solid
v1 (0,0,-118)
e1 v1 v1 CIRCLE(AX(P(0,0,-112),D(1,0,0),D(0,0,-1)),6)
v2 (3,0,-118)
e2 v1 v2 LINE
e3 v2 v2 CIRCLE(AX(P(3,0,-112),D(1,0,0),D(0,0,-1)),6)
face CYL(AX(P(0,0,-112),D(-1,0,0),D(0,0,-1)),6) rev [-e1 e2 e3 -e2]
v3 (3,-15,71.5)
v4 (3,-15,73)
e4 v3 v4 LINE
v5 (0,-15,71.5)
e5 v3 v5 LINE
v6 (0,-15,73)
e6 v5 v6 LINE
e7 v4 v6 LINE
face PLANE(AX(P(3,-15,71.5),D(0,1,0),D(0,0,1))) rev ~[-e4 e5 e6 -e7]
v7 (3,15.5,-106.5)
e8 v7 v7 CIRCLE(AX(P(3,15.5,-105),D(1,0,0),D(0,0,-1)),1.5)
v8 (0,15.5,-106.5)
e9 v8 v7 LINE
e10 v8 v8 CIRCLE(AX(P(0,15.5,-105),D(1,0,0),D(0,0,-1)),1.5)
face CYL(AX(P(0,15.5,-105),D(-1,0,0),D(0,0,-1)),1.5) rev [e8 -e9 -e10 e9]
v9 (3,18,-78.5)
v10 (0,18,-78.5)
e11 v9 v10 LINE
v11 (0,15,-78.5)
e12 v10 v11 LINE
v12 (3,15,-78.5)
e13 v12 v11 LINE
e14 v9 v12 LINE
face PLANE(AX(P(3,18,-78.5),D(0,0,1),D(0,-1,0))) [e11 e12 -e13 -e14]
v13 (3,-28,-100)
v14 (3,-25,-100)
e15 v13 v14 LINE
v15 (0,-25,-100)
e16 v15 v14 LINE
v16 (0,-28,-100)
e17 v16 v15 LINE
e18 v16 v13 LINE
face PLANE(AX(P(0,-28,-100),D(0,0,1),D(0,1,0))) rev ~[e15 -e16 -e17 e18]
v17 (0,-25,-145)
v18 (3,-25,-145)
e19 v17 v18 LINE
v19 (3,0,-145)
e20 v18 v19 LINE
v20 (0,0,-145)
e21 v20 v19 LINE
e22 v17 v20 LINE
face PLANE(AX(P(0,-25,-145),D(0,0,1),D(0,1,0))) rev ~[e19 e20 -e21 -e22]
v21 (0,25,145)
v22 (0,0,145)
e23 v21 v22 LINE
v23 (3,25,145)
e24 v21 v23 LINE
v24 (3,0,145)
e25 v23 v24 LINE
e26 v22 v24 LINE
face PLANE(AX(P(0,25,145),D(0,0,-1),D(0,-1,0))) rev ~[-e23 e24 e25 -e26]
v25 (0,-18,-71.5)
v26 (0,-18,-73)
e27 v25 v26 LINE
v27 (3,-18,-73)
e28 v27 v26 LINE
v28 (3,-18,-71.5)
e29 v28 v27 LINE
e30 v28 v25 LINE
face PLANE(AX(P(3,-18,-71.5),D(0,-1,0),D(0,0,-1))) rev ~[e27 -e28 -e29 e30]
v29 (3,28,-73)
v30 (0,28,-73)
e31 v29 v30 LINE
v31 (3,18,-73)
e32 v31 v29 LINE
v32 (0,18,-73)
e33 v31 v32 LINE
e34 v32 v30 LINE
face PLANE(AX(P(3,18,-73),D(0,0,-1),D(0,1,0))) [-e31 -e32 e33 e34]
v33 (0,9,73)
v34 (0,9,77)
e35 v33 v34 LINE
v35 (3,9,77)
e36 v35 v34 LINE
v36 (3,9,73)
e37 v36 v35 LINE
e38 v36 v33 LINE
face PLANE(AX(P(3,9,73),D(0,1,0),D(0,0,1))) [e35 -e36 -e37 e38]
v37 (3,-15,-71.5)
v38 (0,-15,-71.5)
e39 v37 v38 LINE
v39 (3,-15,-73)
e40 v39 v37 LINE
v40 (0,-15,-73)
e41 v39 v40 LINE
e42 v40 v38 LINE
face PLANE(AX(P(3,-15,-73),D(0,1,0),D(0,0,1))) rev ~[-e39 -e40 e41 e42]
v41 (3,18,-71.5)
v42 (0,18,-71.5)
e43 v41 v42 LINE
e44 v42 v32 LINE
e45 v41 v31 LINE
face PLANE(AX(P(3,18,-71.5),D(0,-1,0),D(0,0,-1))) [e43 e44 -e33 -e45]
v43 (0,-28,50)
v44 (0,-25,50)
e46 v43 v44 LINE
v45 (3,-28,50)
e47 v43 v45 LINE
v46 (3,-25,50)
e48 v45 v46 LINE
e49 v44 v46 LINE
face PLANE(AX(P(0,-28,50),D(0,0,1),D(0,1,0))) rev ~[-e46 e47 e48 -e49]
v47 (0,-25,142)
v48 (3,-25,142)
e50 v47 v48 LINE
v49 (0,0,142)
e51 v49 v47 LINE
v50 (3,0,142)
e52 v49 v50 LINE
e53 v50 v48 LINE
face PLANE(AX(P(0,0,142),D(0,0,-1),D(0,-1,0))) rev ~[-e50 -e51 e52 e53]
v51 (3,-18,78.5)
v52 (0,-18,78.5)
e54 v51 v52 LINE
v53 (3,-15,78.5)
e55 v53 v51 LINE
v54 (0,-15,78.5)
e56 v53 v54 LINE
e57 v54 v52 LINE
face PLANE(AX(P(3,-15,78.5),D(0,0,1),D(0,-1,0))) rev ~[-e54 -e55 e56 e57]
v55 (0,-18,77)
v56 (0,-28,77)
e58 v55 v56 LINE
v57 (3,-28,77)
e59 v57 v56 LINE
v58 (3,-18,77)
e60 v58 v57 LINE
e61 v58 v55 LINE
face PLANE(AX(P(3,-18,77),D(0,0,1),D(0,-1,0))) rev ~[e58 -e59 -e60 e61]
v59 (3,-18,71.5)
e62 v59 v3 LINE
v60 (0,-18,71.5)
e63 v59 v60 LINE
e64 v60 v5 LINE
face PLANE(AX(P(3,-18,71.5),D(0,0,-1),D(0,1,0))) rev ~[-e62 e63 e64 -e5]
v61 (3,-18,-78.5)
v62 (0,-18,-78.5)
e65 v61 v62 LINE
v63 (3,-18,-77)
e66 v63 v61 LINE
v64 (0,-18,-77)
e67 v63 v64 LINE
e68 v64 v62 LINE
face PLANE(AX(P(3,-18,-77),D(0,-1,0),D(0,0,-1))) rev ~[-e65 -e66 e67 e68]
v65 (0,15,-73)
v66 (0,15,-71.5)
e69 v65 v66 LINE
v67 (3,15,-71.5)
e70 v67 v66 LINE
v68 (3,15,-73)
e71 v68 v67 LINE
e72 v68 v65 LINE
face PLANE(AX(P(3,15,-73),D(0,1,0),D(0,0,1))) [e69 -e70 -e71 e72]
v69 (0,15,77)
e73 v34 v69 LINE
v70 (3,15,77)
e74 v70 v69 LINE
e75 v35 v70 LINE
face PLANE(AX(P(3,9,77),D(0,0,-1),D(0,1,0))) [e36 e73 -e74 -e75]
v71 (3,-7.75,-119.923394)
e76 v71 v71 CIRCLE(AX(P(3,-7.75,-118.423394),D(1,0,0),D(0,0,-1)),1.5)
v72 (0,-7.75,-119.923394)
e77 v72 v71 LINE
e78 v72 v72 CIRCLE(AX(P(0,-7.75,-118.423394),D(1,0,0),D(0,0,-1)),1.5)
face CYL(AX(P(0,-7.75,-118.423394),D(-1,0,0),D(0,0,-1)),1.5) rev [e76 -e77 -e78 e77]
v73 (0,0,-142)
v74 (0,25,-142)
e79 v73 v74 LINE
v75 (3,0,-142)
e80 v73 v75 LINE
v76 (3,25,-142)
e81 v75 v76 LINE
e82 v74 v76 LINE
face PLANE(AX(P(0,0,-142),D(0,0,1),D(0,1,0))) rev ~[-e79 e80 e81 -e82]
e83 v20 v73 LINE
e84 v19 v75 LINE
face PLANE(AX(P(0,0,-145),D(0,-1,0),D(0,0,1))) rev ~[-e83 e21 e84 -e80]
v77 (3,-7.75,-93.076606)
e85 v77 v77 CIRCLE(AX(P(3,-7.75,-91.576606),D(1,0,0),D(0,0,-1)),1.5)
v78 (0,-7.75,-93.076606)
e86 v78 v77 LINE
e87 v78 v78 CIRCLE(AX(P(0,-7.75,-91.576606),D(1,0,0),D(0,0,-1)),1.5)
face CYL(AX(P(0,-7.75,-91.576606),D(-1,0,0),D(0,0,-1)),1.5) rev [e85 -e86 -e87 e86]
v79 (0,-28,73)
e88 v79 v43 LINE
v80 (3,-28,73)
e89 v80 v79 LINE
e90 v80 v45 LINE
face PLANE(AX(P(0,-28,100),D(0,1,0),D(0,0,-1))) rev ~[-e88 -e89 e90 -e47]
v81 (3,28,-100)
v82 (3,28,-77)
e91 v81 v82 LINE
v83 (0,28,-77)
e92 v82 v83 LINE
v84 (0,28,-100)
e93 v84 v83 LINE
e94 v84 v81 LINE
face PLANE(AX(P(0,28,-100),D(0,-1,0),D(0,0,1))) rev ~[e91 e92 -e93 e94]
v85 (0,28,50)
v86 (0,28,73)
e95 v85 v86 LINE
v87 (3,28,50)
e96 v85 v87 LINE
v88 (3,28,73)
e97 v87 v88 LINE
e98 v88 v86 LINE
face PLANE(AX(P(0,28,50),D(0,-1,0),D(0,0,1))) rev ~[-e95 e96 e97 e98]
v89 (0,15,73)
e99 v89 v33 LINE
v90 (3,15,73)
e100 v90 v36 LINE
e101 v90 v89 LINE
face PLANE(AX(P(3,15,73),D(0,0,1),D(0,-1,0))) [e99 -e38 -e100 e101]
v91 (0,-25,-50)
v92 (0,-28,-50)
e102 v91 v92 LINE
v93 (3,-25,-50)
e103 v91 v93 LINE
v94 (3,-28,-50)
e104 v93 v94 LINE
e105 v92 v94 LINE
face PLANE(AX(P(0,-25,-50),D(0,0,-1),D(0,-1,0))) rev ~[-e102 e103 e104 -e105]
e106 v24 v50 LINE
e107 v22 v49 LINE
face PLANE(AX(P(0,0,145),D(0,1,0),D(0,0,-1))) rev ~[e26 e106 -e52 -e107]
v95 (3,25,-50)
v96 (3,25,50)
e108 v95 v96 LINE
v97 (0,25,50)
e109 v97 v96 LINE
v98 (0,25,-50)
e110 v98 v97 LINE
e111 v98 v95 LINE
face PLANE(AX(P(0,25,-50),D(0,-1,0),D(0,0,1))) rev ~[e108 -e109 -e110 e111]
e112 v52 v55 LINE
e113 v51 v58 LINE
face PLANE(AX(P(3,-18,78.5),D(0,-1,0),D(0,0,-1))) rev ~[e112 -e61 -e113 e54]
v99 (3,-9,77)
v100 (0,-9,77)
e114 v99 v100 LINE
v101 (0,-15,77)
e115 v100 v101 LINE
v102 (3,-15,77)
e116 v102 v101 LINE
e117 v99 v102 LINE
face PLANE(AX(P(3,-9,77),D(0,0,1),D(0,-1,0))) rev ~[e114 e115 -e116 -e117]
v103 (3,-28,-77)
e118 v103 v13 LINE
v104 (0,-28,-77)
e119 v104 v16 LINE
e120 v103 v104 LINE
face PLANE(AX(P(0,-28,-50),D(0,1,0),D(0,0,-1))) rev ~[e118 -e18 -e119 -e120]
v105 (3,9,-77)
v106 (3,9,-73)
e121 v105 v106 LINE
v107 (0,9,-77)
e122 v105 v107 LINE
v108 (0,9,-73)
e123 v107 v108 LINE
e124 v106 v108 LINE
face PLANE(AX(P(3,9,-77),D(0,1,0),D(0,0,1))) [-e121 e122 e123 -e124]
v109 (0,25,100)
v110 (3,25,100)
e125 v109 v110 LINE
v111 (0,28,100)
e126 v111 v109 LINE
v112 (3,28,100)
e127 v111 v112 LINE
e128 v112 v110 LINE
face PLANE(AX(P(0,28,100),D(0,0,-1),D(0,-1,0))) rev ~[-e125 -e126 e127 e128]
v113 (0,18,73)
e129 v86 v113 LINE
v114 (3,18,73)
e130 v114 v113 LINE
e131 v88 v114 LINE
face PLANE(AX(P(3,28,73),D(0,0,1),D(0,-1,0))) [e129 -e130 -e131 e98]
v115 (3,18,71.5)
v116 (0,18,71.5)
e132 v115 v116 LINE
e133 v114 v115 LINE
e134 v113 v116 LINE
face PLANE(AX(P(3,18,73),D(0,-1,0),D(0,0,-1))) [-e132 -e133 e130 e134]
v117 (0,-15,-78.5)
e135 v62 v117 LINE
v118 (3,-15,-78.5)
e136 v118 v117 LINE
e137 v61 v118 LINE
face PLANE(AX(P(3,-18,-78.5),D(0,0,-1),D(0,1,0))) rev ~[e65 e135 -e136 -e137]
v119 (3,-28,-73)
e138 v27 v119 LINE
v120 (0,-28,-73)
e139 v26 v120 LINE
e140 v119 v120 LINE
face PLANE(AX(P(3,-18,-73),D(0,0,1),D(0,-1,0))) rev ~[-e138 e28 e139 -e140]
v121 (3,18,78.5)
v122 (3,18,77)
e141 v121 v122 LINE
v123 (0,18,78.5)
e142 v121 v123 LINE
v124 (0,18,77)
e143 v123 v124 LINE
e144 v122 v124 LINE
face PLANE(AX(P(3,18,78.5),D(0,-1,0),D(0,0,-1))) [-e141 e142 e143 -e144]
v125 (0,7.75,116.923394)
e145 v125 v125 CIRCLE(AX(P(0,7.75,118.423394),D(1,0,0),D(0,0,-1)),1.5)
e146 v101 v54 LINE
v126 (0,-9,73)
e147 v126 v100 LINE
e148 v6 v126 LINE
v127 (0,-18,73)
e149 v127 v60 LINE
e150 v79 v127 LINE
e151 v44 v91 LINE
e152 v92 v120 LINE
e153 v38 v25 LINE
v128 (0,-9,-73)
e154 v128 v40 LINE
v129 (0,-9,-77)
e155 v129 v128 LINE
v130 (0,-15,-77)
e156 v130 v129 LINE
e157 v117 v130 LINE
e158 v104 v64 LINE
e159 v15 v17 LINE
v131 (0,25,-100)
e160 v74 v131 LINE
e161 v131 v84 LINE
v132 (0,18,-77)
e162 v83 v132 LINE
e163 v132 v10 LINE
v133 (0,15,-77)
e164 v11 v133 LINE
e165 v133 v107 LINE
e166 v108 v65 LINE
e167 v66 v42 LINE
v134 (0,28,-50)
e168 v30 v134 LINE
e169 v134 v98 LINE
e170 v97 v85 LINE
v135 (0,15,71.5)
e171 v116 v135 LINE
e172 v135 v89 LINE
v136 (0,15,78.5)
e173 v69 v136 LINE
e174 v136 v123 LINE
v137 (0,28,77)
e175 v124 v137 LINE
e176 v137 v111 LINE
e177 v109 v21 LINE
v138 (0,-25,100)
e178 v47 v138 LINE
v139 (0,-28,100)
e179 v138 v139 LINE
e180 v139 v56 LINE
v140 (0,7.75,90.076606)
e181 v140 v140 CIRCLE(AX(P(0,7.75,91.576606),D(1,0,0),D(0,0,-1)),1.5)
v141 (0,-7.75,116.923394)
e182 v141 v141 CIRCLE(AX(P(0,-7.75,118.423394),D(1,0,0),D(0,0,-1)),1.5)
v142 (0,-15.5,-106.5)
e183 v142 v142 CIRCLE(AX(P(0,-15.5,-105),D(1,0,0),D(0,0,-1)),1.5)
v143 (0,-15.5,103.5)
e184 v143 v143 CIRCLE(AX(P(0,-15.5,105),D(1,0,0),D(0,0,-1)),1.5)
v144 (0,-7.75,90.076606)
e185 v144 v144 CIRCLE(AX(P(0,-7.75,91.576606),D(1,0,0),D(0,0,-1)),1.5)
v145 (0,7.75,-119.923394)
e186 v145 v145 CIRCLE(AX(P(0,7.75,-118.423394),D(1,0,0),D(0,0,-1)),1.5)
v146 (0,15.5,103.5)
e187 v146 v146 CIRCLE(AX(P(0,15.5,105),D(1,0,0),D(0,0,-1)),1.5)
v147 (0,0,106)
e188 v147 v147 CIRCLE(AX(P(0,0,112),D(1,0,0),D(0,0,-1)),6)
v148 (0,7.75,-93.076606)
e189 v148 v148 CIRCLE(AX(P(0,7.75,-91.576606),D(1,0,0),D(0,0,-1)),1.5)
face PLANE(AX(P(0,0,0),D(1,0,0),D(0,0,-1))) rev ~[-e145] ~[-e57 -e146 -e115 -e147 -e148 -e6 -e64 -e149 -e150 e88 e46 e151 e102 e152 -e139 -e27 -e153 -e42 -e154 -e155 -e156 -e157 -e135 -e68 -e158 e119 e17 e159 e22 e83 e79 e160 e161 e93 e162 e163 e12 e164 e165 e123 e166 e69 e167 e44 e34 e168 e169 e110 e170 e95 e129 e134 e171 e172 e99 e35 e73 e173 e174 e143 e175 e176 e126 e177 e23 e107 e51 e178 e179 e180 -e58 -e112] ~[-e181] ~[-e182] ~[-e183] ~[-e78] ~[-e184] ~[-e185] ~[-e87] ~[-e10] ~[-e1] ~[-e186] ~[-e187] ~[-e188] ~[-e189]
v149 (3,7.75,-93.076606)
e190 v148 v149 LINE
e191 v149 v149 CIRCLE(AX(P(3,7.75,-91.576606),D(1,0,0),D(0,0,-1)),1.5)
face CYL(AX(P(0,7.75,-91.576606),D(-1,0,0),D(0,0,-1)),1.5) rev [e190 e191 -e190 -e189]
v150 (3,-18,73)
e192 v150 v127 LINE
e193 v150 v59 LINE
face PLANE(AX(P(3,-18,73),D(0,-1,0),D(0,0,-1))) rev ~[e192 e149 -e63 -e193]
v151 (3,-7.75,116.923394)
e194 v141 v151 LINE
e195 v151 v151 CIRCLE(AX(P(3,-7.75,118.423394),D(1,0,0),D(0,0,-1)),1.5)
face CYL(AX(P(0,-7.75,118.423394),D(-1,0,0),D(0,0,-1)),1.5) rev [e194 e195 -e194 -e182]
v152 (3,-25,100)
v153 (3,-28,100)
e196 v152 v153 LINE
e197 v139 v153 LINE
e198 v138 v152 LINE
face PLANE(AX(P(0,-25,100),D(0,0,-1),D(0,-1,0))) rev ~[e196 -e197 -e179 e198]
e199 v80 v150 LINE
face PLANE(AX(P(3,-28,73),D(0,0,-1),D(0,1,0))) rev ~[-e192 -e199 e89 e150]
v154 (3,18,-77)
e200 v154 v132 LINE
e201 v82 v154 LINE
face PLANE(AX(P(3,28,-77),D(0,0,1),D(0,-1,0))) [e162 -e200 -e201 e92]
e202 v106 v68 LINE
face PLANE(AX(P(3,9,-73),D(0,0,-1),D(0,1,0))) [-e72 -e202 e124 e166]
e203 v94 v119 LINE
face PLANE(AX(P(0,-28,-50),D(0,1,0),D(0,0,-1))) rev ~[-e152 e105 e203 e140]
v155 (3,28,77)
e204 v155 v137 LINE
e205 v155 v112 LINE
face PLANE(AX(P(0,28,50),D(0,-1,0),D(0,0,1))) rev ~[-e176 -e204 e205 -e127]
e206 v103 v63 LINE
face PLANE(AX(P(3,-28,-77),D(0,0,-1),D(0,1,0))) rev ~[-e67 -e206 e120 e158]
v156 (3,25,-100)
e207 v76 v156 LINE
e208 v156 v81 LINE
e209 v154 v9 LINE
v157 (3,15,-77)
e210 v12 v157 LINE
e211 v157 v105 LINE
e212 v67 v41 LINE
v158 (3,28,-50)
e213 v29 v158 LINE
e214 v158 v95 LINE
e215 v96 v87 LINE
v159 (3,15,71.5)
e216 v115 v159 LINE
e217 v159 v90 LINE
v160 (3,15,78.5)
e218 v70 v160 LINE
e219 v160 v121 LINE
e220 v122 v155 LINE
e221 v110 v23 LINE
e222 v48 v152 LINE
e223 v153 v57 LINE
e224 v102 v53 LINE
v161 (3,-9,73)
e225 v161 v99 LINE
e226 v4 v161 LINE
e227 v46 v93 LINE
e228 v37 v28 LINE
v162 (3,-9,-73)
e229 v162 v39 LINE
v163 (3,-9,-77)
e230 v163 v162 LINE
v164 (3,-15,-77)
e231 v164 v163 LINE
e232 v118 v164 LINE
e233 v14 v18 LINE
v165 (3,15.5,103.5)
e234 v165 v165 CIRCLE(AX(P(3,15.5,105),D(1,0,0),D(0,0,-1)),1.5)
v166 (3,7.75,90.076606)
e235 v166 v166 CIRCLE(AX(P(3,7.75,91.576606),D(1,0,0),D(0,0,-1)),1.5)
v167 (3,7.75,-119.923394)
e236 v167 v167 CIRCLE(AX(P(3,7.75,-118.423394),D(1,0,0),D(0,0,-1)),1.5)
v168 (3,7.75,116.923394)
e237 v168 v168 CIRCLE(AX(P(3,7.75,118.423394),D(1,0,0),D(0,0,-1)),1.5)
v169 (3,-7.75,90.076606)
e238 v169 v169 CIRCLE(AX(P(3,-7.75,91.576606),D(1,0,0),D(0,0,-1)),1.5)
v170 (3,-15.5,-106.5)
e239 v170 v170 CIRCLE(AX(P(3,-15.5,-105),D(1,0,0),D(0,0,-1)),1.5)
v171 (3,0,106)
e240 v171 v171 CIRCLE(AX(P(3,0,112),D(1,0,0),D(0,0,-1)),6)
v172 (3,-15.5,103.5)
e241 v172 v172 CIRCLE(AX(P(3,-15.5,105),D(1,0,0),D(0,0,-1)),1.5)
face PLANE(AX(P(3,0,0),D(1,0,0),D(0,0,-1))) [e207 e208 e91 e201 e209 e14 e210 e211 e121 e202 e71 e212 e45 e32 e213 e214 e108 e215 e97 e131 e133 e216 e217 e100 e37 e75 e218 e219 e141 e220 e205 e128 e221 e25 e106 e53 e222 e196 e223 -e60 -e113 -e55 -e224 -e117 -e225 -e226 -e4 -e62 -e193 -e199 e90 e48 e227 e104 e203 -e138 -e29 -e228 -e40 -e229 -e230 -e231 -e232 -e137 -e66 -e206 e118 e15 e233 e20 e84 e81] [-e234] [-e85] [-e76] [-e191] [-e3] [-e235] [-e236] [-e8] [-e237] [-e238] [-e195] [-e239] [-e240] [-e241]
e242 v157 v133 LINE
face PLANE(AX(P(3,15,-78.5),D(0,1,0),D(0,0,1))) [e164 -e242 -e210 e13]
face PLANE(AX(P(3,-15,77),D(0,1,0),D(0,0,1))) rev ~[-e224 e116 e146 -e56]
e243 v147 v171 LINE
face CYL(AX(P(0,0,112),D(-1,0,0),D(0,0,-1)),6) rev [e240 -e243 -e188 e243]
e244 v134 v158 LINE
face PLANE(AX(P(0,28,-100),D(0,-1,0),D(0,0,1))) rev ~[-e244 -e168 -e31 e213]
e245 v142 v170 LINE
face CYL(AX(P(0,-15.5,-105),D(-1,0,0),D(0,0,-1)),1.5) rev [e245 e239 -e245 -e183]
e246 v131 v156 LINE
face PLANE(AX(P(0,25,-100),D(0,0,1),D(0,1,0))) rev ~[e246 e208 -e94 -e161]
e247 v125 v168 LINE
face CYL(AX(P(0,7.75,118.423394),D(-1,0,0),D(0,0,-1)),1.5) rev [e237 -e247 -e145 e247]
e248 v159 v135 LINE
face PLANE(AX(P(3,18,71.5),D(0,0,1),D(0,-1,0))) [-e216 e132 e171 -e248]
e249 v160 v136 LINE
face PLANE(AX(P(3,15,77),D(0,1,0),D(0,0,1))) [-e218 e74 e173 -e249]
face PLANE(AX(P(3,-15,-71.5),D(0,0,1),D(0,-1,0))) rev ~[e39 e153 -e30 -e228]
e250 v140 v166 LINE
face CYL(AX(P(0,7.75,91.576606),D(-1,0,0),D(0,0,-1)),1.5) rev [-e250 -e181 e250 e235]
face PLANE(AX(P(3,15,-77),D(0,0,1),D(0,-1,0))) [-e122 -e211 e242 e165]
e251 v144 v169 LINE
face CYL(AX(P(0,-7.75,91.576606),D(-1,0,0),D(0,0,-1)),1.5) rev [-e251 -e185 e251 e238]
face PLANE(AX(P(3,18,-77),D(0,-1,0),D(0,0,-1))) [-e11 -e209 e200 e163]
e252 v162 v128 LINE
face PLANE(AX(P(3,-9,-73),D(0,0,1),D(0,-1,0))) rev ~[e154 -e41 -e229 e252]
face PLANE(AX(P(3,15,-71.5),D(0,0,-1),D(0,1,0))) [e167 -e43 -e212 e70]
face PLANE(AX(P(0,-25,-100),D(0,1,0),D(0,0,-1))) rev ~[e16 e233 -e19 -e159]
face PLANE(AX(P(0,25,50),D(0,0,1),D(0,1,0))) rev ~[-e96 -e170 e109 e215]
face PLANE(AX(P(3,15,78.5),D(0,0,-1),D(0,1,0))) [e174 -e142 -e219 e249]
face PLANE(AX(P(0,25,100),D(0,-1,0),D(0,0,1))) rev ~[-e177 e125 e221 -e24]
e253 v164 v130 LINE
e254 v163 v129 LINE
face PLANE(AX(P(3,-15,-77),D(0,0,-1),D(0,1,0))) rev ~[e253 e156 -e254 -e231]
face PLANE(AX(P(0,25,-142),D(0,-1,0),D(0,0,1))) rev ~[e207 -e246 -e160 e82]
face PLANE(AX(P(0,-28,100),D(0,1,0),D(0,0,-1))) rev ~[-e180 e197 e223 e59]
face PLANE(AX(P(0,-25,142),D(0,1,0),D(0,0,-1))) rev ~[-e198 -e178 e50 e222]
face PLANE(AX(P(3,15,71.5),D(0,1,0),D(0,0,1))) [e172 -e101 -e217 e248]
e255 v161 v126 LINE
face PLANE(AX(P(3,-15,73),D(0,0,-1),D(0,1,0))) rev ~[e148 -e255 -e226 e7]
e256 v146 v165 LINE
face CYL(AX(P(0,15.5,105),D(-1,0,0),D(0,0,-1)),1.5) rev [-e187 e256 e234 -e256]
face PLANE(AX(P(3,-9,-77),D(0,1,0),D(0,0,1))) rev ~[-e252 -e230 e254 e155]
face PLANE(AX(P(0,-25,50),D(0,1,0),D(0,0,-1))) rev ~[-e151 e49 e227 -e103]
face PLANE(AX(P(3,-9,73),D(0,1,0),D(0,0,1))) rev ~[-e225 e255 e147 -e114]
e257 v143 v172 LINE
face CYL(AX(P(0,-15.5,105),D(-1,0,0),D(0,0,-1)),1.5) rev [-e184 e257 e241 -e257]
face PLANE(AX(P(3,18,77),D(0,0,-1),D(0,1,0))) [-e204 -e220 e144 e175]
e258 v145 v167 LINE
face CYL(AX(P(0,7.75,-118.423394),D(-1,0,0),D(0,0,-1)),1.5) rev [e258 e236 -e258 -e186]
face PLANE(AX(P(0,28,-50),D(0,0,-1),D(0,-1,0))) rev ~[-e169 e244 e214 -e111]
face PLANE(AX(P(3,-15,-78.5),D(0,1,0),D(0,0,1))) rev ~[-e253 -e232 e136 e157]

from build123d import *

# Parameters (mm, degrees)
SKETCH1_R           = 6
SKETCH1_R_2         = 1.5
BOSS_EXTRUDE1_DEPTH = 3
CUT_EXTRUDE1_DEPTH  = 3


with BuildPart() as part:
    # Sketch1 → Boss-Extrude1 (new body)
    with BuildSketch(Plane(origin=(0, 0, 0), x_dir=(0, 0, -1), z_dir=(1, 0, 0))):
        Polygon((-145, 0), (-142, 0), (-142, -25), (-100, -25), (-100, -28), (-50, -28), (-50, -25), (50, -25), (50, -28), (100, -28), (100, -25), (145, -25), (145, 0), (142, 0), (142, 25), (100, 25), (100, 28), (50, 28), (50, 25), (-50, 25), (-50, 28), (-100, 28), (-100, 25), (-145, 25), align=None)
        with Locations((-112, 0)):
            Circle(SKETCH1_R, mode=Mode.SUBTRACT)
        with Locations((112, 0)):
            Circle(SKETCH1_R, mode=Mode.SUBTRACT)
        with Locations((-105, 15.5)):
            Circle(SKETCH1_R_2, mode=Mode.SUBTRACT)
        with Locations((-91.576606241, 7.75)):
            Circle(SKETCH1_R_2, mode=Mode.SUBTRACT)
        with Locations((-91.576606241, -7.75)):
            Circle(SKETCH1_R_2, mode=Mode.SUBTRACT)
        with Locations((-105, -15.5)):
            Circle(SKETCH1_R_2, mode=Mode.SUBTRACT)
        with Locations((-118.423393759, -7.75)):
            Circle(SKETCH1_R_2, mode=Mode.SUBTRACT)
        with Locations((-118.423393759, 7.75)):
            Circle(SKETCH1_R_2, mode=Mode.SUBTRACT)
        with Locations((118.423393759, -7.75)):
            Circle(SKETCH1_R_2, mode=Mode.SUBTRACT)
        with Locations((105, -15.5)):
            Circle(SKETCH1_R_2, mode=Mode.SUBTRACT)
        with Locations((91.576606241, -7.75)):
            Circle(SKETCH1_R_2, mode=Mode.SUBTRACT)
        with Locations((91.576606241, 7.75)):
            Circle(SKETCH1_R_2, mode=Mode.SUBTRACT)
        with Locations((105, 15.5)):
            Circle(SKETCH1_R_2, mode=Mode.SUBTRACT)
        with Locations((118.423393759, 7.75)):
            Circle(SKETCH1_R_2, mode=Mode.SUBTRACT)
    extrude(amount=BOSS_EXTRUDE1_DEPTH)

    # Sketch2 → Cut-Extrude1 (cut)
    with BuildSketch(Plane(origin=(3, 0, 0), x_dir=(0, 0, -1), z_dir=(1, 0, 0))):
        Polygon((-75, 28), (-73, 28), (-73, 18), (-71.5, 18), (-71.5, 15), (-73, 15), (-73, 9), (-77, 9), (-77, 15), (-78.5, 15), (-78.5, 18), (-77, 18), (-77, 28), align=None)
        Polygon((-73, -28), (-73, -18), (-71.5, -18), (-71.5, -15), (-73, -15), (-73, -9), (-77, -9), (-77, -15), (-78.5, -15), (-78.5, -18), (-77, -18), (-77, -28), align=None)
        Polygon((75, -28), (77, -28), (77, -18), (78.5, -18), (78.5, -15), (77, -15), (77, -9), (73, -9), (73, -15), (71.5, -15), (71.5, -18), (73, -18), (73, -28), align=None)
        Polygon((77, 28), (77, 18), (78.5, 18), (78.5, 15), (77, 15), (77, 9), (73, 9), (73, 15), (71.5, 15), (71.5, 18), (73, 18), (73, 28), align=None)
    extrude(amount=-CUT_EXTRUDE1_DEPTH, mode=Mode.SUBTRACT)


solid = part.part
